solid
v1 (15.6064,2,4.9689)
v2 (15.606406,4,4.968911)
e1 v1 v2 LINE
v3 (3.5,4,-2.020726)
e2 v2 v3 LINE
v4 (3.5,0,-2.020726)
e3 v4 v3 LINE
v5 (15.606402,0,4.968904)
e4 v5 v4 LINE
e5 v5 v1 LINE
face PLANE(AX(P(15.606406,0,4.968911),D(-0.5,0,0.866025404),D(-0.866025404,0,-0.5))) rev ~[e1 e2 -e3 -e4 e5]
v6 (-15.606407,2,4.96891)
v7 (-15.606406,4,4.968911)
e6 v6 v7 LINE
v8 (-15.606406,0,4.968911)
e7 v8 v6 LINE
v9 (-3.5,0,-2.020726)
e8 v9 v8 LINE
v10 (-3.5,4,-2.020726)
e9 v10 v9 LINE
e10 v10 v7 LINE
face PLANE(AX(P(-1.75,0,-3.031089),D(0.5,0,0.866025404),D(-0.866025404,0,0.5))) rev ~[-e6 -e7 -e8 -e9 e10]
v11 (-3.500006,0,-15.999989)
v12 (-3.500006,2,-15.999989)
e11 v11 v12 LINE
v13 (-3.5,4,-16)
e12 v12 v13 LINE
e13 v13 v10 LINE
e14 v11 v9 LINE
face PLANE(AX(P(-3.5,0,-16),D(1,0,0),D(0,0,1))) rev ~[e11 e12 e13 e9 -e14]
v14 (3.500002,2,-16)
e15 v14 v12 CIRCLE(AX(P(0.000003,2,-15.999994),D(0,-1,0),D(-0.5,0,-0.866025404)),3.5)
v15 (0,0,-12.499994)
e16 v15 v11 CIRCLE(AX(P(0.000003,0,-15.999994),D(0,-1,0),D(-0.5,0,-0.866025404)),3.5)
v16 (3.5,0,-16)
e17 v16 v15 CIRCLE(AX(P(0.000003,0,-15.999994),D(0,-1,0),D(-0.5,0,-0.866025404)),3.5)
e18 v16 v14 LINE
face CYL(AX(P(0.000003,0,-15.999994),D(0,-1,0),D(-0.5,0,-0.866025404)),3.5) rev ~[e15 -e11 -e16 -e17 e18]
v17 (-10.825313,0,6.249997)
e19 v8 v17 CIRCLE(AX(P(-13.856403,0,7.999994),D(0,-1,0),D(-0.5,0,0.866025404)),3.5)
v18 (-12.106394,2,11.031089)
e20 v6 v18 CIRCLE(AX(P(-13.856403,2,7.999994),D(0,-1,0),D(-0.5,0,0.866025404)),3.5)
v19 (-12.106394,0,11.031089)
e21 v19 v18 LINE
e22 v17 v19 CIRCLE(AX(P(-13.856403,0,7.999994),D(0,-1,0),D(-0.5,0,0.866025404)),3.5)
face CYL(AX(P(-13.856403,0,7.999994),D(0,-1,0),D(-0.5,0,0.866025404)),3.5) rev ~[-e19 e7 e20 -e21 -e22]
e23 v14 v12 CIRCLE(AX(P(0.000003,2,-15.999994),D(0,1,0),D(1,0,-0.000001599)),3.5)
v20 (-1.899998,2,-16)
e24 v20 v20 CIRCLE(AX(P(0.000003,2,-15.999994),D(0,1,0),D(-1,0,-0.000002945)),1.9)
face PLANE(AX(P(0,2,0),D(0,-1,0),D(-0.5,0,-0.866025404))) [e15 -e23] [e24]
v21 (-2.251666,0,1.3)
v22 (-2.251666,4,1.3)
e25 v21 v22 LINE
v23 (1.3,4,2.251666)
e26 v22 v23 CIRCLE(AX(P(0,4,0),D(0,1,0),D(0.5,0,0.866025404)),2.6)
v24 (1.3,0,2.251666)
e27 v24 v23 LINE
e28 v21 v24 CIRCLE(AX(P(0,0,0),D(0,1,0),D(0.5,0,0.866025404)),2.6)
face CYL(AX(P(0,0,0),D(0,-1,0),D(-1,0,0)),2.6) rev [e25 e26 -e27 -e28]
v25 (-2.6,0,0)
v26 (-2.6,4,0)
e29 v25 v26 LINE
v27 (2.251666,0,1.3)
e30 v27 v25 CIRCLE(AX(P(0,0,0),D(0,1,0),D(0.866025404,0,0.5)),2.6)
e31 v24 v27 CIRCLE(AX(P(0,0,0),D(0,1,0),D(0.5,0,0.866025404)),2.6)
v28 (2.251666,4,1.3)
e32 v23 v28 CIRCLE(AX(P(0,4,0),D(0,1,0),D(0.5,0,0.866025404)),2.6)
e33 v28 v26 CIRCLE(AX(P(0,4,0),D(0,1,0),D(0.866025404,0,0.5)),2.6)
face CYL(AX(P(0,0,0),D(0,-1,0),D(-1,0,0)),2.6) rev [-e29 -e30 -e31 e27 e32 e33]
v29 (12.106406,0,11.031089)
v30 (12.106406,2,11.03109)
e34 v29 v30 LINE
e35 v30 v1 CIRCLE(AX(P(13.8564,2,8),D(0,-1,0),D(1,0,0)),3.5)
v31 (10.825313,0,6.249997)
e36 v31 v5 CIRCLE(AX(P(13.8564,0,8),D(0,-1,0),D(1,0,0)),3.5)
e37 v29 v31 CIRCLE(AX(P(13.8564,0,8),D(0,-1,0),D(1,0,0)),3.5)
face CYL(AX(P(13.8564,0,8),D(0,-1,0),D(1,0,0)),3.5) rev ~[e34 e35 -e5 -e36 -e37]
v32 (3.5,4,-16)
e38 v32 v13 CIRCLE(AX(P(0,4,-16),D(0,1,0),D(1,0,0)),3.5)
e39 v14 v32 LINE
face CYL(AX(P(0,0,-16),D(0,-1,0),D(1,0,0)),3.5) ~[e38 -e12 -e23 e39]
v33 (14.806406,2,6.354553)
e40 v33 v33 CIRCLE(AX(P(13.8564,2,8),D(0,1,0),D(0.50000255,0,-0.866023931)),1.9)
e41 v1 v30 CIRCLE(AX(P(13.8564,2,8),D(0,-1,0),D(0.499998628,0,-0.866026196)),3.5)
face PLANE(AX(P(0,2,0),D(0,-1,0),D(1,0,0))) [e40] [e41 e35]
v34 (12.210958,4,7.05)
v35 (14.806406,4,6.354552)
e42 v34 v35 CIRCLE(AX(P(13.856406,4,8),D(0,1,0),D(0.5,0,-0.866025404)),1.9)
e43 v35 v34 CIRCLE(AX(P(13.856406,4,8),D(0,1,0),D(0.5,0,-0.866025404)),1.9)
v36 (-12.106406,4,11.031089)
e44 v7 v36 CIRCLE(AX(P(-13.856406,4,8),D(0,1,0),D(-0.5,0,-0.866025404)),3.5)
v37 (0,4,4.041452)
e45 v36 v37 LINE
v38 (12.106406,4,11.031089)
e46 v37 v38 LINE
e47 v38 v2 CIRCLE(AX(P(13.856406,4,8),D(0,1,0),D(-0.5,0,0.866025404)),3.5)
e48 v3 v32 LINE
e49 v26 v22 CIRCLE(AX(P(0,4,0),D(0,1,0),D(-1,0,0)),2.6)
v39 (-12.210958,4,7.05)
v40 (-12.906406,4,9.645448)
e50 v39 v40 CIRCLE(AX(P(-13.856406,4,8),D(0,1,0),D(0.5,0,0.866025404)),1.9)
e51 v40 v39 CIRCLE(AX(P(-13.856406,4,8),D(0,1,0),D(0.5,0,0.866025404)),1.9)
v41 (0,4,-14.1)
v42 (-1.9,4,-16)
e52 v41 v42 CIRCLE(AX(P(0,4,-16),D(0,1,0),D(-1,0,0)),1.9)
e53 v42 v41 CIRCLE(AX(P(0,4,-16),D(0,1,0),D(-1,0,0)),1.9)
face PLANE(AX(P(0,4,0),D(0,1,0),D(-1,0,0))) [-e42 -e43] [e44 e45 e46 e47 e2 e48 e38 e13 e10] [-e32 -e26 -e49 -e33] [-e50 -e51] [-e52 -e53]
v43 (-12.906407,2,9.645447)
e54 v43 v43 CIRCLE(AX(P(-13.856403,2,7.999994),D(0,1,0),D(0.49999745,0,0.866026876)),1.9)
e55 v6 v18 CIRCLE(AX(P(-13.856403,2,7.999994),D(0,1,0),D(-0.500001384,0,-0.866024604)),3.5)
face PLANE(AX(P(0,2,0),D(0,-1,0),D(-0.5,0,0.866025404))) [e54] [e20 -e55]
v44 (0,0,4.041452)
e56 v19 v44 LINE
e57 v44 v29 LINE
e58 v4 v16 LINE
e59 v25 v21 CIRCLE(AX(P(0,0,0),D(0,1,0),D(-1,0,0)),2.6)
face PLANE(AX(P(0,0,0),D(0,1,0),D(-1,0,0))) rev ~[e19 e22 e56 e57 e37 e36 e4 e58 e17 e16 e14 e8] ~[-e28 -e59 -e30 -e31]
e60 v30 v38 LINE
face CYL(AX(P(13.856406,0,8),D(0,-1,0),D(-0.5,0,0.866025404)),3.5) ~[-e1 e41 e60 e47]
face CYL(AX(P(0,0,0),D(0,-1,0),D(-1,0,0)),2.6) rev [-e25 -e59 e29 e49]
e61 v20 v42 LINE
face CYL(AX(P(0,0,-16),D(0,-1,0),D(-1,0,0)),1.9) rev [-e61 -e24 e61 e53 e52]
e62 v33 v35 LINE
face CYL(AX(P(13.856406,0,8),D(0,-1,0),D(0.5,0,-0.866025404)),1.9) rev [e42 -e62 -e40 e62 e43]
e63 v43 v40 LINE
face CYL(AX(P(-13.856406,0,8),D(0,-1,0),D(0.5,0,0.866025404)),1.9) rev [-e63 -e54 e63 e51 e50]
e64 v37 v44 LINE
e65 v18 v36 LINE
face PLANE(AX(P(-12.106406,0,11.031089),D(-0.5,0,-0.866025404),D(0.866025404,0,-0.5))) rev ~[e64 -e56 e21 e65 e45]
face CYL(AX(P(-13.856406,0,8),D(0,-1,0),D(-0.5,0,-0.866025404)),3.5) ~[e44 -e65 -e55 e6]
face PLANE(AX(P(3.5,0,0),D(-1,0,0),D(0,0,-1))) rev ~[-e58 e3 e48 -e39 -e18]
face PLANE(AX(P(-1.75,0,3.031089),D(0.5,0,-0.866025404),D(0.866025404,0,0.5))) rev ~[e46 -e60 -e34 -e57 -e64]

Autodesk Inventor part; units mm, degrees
ref_plane "YZ Plane" through (0, 0, 0) normal (1, 0, 0) x (0, 1, 0)
ref_plane "XZ Plane" through (0, 0, 0) normal (0, 1, 0) x (-1, 0, 0)
ref_plane "XY Plane" through (0, 0, 0) normal (0, 0, 1) x (1, 0, 0)
sketch "Эскиз1" plane through (0, 0, 0) normal (0, 1, 0) x (-1, 0, 0)
  point P0 (0, 0)
sketch "Эскиз2" plane through (0, 0, 0) normal (0, 1, 0) x (-1, 0, 0)
  line L0 (0, 0) -> (0, -16)
  circle A0 centre (0, -16) radius 1.9
  circle A1 centre (0, 0) radius 2.6
  line L1 (0, 0) -> (0, -16) construction
  line L2 (-3.5, 0) -> (-3.5, -16)
  line L3 (3.5, -16) -> (3.5, 0)
  arc A2 (3.5, 0) -> (-3.5, 0) centre (0, 0) ccw
  arc A3 (-3.5, -16) -> (3.5, -16) centre (0, -16) ccw
  point P0 (0, -8)
  dimension "d0" = 16
  dimension "d1" = 3.8
  dimension "d2" = 5.2
  dimension "d3" = 7
extrude "Выдавливание1" add sketch "Эскиз2" along normal blind 4
pattern_circular "Круговой массив1" count 3 over 360 about axis through (0, 0, 0) along (0, 1, 0) of "Выдавливание1"
sketch "Эскиз4" plane through (0, 0, 0) normal (0, -1, 0) x (1, 0, 0)
  circle A0 centre (13.8564, 8) radius 1.9 projected
  line L0 (15.6064, 4.9689) -> (3.5, -2.0207) projected
  circle A1 centre (13.8564, 8) radius 3.5
  point P0 (0, 0)
extrude "Выдавливание3" cut sketch "Эскиз4" against normal blind 2
pattern_circular "Круговой массив2" count 3 over 360 about axis through (0, 0, 0) along (0, 1, 0) of "Выдавливание3"
properties part number "gearbox_secondary_gear_holder"
